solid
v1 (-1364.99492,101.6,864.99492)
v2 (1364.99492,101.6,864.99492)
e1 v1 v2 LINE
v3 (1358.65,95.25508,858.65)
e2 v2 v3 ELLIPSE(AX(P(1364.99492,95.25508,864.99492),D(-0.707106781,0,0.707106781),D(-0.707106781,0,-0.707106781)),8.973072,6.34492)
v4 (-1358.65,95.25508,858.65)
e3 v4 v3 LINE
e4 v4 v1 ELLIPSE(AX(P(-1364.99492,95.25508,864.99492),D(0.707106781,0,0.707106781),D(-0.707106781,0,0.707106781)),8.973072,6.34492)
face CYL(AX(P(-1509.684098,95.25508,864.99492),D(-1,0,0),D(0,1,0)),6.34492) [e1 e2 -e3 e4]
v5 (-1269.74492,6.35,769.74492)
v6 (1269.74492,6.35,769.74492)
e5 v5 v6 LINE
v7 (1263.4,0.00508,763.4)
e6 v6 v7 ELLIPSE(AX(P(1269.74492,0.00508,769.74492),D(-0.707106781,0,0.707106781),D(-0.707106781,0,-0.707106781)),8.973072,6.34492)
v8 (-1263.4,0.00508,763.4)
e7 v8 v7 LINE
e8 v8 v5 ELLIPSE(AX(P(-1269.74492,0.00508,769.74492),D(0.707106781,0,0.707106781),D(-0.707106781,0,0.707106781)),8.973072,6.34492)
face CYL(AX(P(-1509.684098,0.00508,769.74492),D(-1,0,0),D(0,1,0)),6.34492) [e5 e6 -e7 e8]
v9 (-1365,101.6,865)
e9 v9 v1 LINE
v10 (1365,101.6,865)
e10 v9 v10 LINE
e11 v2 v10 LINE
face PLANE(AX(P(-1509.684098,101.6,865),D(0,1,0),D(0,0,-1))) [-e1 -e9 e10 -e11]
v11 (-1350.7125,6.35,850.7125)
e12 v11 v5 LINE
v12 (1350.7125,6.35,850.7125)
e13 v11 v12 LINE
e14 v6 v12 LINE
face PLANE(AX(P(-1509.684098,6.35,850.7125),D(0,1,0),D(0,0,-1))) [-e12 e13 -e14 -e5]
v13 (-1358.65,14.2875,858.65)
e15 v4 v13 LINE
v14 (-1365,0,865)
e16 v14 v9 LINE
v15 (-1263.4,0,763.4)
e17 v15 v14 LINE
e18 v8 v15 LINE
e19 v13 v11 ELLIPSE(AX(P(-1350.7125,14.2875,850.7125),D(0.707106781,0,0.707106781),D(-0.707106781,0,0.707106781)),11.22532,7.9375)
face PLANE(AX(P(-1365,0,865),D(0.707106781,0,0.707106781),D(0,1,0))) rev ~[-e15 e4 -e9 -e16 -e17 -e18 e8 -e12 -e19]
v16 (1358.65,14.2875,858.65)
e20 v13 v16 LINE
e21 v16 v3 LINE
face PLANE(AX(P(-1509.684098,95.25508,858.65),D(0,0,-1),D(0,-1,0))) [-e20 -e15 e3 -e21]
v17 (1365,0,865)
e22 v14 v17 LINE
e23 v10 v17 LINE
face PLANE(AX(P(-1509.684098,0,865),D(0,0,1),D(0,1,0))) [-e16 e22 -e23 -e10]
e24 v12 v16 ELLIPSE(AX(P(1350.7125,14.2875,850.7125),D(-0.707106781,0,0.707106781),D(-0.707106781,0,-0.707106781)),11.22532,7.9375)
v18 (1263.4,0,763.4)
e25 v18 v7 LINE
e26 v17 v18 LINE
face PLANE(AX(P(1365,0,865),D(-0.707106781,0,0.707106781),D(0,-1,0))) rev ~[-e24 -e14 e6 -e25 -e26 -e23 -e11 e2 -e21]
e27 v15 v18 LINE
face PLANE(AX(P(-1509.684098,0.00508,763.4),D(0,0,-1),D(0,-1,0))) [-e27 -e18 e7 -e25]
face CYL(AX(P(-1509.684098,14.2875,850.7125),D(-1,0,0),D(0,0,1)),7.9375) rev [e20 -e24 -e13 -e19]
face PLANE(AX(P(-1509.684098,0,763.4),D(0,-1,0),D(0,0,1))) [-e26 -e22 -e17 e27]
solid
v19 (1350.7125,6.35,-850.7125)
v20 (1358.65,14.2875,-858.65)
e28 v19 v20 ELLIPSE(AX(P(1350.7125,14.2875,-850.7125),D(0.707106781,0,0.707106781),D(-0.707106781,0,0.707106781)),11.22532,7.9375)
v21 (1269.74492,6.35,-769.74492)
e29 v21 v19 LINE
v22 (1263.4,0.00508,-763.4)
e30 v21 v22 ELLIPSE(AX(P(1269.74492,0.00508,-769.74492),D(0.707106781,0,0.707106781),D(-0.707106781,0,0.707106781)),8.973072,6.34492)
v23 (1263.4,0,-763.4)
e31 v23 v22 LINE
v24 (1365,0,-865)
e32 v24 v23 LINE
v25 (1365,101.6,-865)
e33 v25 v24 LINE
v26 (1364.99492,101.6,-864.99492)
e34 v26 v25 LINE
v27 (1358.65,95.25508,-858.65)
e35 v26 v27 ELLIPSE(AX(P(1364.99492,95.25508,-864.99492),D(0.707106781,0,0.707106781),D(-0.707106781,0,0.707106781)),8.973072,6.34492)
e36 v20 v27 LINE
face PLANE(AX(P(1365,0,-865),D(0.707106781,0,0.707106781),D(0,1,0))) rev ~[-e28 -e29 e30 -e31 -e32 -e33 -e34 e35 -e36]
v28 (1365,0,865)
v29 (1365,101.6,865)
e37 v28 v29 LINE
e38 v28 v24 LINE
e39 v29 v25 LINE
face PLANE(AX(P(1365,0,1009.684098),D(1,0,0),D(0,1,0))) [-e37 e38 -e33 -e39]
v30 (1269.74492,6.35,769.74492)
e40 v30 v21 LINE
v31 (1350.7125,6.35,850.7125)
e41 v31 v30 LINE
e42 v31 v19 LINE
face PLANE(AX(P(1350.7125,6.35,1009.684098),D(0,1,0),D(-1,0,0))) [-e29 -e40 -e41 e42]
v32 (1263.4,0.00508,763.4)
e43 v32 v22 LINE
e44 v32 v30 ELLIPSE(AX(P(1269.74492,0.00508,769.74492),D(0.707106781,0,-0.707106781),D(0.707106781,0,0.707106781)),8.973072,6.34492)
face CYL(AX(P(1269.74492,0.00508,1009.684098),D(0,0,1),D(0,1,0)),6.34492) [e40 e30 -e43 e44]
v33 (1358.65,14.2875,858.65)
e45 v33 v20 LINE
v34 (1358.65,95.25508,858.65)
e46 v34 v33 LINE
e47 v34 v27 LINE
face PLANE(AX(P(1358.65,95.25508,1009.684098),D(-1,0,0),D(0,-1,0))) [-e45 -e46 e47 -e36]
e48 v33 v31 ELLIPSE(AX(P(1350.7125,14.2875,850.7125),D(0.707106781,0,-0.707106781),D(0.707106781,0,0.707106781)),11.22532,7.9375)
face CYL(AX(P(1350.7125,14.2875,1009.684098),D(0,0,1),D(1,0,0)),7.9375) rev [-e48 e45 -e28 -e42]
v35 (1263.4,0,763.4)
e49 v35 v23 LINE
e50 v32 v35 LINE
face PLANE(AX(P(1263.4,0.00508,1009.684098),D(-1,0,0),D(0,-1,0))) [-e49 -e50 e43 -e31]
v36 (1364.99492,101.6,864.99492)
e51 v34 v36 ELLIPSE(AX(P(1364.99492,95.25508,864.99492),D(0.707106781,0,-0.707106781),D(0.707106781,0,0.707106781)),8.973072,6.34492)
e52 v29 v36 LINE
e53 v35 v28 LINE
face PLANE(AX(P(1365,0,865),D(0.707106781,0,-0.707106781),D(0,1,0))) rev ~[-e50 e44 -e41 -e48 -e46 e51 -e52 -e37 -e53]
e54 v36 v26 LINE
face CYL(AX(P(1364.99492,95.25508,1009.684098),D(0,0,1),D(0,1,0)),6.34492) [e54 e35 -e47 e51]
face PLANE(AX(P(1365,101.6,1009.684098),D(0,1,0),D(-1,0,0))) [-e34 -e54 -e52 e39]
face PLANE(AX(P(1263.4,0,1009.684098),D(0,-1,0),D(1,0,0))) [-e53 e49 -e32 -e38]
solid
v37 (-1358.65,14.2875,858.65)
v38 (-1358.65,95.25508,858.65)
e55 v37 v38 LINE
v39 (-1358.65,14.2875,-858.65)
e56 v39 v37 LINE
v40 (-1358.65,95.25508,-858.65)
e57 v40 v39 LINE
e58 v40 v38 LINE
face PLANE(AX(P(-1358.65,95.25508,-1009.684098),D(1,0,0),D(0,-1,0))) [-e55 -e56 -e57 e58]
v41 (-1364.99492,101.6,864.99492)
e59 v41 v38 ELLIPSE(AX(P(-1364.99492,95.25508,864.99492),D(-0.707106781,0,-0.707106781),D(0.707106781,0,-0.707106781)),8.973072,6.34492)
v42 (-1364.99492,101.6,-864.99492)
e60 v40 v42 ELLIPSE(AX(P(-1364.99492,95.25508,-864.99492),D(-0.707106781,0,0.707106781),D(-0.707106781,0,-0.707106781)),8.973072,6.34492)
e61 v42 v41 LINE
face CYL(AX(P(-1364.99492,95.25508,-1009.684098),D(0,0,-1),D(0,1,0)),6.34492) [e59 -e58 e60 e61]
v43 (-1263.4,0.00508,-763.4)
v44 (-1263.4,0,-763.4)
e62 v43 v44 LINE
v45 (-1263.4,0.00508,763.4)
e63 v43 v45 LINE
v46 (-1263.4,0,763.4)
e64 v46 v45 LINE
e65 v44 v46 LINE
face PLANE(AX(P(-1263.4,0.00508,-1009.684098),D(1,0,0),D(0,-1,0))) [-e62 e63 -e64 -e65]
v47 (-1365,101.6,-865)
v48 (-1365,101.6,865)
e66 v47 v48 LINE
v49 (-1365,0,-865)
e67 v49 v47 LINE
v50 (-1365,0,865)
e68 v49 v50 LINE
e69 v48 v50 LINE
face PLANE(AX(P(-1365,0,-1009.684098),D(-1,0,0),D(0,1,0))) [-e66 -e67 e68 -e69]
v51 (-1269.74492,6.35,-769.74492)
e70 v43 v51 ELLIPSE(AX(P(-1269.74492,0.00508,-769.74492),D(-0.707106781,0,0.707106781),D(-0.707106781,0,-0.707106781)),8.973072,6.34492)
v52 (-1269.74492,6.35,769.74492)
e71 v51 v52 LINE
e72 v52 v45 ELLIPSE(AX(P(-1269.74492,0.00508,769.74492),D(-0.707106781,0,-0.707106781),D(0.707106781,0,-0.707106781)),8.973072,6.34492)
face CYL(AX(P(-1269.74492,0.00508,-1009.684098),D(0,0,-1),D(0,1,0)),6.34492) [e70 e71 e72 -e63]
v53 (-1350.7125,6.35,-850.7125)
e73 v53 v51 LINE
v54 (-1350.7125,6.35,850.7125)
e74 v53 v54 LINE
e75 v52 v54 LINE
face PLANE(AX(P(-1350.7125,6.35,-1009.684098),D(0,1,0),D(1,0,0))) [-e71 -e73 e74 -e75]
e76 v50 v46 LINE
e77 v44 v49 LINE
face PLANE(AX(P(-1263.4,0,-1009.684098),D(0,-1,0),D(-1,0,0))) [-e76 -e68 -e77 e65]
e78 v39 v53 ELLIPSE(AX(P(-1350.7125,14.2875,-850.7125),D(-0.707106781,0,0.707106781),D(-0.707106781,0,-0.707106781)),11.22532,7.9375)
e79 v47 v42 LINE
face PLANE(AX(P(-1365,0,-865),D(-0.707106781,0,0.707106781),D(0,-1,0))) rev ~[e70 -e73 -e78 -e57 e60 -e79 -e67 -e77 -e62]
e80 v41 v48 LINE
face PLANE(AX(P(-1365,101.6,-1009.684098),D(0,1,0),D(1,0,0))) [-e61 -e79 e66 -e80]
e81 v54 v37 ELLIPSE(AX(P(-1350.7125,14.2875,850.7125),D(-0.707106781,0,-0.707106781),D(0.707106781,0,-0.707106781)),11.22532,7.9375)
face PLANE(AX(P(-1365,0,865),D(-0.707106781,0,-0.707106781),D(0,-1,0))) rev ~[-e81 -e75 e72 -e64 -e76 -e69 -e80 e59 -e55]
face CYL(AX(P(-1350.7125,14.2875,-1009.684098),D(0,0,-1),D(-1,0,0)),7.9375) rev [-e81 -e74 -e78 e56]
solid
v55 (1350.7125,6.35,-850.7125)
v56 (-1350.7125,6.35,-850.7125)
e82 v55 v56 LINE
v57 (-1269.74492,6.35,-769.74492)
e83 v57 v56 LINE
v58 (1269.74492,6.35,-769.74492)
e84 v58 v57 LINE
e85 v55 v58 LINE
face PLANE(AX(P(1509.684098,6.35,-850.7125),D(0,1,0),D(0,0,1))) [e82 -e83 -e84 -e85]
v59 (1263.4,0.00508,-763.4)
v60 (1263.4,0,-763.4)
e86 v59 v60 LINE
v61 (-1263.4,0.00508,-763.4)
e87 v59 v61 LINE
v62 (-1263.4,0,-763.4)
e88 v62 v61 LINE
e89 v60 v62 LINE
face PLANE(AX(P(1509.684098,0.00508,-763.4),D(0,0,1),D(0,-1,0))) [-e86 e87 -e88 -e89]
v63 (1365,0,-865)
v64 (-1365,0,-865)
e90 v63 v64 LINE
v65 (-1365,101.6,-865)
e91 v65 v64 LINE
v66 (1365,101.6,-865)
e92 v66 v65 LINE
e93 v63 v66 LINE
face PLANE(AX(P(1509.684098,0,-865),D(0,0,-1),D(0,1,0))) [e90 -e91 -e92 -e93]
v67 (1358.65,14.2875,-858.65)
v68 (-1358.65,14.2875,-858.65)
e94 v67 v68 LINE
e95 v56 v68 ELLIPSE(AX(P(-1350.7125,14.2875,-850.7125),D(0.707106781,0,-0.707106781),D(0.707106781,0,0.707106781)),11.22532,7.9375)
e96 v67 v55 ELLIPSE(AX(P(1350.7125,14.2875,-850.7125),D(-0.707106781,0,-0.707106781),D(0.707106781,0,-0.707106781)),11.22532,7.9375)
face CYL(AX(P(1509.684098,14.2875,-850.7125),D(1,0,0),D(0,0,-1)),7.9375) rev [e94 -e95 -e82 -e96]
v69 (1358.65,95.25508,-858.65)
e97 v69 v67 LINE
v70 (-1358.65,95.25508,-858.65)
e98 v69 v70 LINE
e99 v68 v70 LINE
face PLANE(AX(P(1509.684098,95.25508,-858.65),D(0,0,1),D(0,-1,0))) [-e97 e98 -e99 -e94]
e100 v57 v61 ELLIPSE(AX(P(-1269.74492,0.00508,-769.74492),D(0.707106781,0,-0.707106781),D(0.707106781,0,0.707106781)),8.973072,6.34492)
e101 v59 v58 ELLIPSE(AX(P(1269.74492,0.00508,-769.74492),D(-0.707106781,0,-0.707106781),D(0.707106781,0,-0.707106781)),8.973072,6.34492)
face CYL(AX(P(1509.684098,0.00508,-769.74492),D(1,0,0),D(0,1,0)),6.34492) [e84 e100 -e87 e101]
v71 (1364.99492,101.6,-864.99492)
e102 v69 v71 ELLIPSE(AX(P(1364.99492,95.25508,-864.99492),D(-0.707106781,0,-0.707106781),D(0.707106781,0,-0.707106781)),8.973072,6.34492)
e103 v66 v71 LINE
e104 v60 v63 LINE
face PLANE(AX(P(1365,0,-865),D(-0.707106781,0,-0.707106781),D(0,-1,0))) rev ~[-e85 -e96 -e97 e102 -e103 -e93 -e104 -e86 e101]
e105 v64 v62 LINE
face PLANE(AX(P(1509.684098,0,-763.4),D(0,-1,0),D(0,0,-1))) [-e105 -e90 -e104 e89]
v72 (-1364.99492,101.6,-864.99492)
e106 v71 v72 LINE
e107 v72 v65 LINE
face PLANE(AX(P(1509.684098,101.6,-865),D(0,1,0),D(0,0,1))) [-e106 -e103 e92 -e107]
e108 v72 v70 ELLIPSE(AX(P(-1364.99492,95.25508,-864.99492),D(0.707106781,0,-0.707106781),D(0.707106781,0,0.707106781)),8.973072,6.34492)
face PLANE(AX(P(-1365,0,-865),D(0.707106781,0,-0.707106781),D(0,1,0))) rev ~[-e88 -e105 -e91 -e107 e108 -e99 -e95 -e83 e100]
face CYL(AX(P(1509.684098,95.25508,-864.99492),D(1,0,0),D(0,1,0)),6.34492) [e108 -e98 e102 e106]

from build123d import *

# Parameters (mm, degrees)
HIERRO_ANGULAR_3_X_2_X_0_25_1_DEPTH      = 1874.684097937
HIERRO_ANGULAR_3_X_2_X_0_25_1_DEPTH_BACK = 144.684097937
HIERRO_ANGULAR_3_X_2_X_0_25_1_2_DEPTH    = 3019.368195874
HIERRO_ANGULAR_3_X_2_X_0_25_1_3_DEPTH    = 2019.368195874
HIERRO_ANGULAR_3_X_2_X_0_25_1_4_DEPTH    = 3019.368195874


with BuildPart() as part:
    # Sketch1 → Hierro angular 3 X 2 X 0.25(1) (new, two sides: drawn at the far end of the back side and taken through both)
    with BuildSketch(Plane(origin=(-1365, 0, -865), x_dir=(1, 0, 0), z_dir=(0, 0, 1)).offset(-HIERRO_ANGULAR_3_X_2_X_0_25_1_DEPTH_BACK)):
        with BuildLine():
            Line((0, 0), (0, 101.6))
            Line((0, 101.6), (0.00508, 101.6))
            ThreePointArc((0.00508, 101.6), (4.491615958, 99.741615958), (6.35, 95.25508))
            Line((6.35, 95.25508), (6.35, 14.2875))
            ThreePointArc((6.35, 14.2875), (8.674839924, 8.674839924), (14.2875, 6.35))
            Line((14.2875, 6.35), (95.25508, 6.35))
            ThreePointArc((95.25508, 6.35), (99.741615958, 4.491615958), (101.6, 0.00508))
            Line((101.6, 0.00508), (101.6, 0))
            Line((101.6, 0), (0, 0))
        make_face()
    extrude(amount=HIERRO_ANGULAR_3_X_2_X_0_25_1_DEPTH + HIERRO_ANGULAR_3_X_2_X_0_25_1_DEPTH_BACK)

    # Hierro angular 3 X 2 X 0.25(1) mitre 1
    split(bisect_by=Plane(origin=(-1365, 0, -865), x_dir=(0, -1, 0), z_dir=(-0.707106781, 0, 0.707106781)), keep=Keep.TOP)

    # Hierro angular 3 X 2 X 0.25(1) mitre 2
    split(bisect_by=Plane(origin=(-1365, 0, 865), x_dir=(0, -1, 0), z_dir=(-0.707106781, 0, -0.707106781)), keep=Keep.TOP)


with BuildPart() as body_2:
    # Sketch1 on segment 2 (carried to segment 2) → Hierro angular 3 X 2 X 0.25_1 2 (new body)
    with BuildSketch(Plane(origin=(-1509.684097937, 0, 865), x_dir=(0, 0, -1), z_dir=(1, 0, 0))):
        with BuildLine():
            Line((0, 0), (0, 101.6))
            Line((0, 101.6), (0.00508, 101.6))
            ThreePointArc((0.00508, 101.6), (4.491615958, 99.741615958), (6.35, 95.25508))
            Line((6.35, 95.25508), (6.35, 14.2875))
            ThreePointArc((6.35, 14.2875), (8.674839924, 8.674839924), (14.2875, 6.35))
            Line((14.2875, 6.35), (95.25508, 6.35))
            ThreePointArc((95.25508, 6.35), (99.741615958, 4.491615958), (101.6, 0.00508))
            Line((101.6, 0.00508), (101.6, 0))
            Line((101.6, 0), (0, 0))
        make_face()
    extrude(amount=HIERRO_ANGULAR_3_X_2_X_0_25_1_2_DEPTH)

    # Hierro angular 3 X 2 X 0.25_1 2 mitre 1
    split(bisect_by=Plane(origin=(-1365, 0, 865), x_dir=(0, 1, 0), z_dir=(0.707106781, 0, 0.707106781)), keep=Keep.TOP)

    # Hierro angular 3 X 2 X 0.25_1 2 mitre 2
    split(bisect_by=Plane(origin=(1365, 0, 865), x_dir=(0, -1, 0), z_dir=(-0.707106781, 0, 0.707106781)), keep=Keep.TOP)


with BuildPart() as body_3:
    # Sketch1 on segment 3 (carried to segment 3) → Hierro angular 3 X 2 X 0.25_1 3 (new body)
    with BuildSketch(Plane(origin=(1365, 0, 1009.684097937), x_dir=(-1, 0, 0), z_dir=(0, 0, -1))):
        with BuildLine():
            Line((0, 0), (0, 101.6))
            Line((0, 101.6), (0.00508, 101.6))
            ThreePointArc((0.00508, 101.6), (4.491615958, 99.741615958), (6.35, 95.25508))
            Line((6.35, 95.25508), (6.35, 14.2875))
            ThreePointArc((6.35, 14.2875), (8.674839924, 8.674839924), (14.2875, 6.35))
            Line((14.2875, 6.35), (95.25508, 6.35))
            ThreePointArc((95.25508, 6.35), (99.741615958, 4.491615958), (101.6, 0.00508))
            Line((101.6, 0.00508), (101.6, 0))
            Line((101.6, 0), (0, 0))
        make_face()
    extrude(amount=HIERRO_ANGULAR_3_X_2_X_0_25_1_3_DEPTH)

    # Hierro angular 3 X 2 X 0.25_1 3 mitre 1
    split(bisect_by=Plane(origin=(1365, 0, -865), x_dir=(0, 1, 0), z_dir=(0.707106781, 0, 0.707106781)), keep=Keep.TOP)

    # Hierro angular 3 X 2 X 0.25_1 3 mitre 2
    split(bisect_by=Plane(origin=(1365, 0, 865), x_dir=(0, 1, 0), z_dir=(0.707106781, 0, -0.707106781)), keep=Keep.TOP)


with BuildPart() as body_4:
    # Sketch1 on segment 4 (carried to segment 4) → Hierro angular 3 X 2 X 0.25_1 4 (new body)
    with BuildSketch(Plane(origin=(1509.684097937, 0, -865), x_dir=(0, 0, 1), z_dir=(-1, 0, 0))):
        with BuildLine():
            Line((0, 0), (0, 101.6))
            Line((0, 101.6), (0.00508, 101.6))
            ThreePointArc((0.00508, 101.6), (4.491615958, 99.741615958), (6.35, 95.25508))
            Line((6.35, 95.25508), (6.35, 14.2875))
            ThreePointArc((6.35, 14.2875), (8.674839924, 8.674839924), (14.2875, 6.35))
            Line((14.2875, 6.35), (95.25508, 6.35))
            ThreePointArc((95.25508, 6.35), (99.741615958, 4.491615958), (101.6, 0.00508))
            Line((101.6, 0.00508), (101.6, 0))
            Line((101.6, 0), (0, 0))
        make_face()
    extrude(amount=HIERRO_ANGULAR_3_X_2_X_0_25_1_4_DEPTH)

    # Hierro angular 3 X 2 X 0.25_1 4 mitre 1
    split(bisect_by=Plane(origin=(-1365, 0, -865), x_dir=(0, 1, 0), z_dir=(0.707106781, 0, -0.707106781)), keep=Keep.TOP)

    # Hierro angular 3 X 2 X 0.25_1 4 mitre 2
    split(bisect_by=Plane(origin=(1365, 0, -865), x_dir=(0, -1, 0), z_dir=(-0.707106781, 0, -0.707106781)), keep=Keep.TOP)


solid = Compound([part.part, body_2.part, body_3.part, body_4.part])
